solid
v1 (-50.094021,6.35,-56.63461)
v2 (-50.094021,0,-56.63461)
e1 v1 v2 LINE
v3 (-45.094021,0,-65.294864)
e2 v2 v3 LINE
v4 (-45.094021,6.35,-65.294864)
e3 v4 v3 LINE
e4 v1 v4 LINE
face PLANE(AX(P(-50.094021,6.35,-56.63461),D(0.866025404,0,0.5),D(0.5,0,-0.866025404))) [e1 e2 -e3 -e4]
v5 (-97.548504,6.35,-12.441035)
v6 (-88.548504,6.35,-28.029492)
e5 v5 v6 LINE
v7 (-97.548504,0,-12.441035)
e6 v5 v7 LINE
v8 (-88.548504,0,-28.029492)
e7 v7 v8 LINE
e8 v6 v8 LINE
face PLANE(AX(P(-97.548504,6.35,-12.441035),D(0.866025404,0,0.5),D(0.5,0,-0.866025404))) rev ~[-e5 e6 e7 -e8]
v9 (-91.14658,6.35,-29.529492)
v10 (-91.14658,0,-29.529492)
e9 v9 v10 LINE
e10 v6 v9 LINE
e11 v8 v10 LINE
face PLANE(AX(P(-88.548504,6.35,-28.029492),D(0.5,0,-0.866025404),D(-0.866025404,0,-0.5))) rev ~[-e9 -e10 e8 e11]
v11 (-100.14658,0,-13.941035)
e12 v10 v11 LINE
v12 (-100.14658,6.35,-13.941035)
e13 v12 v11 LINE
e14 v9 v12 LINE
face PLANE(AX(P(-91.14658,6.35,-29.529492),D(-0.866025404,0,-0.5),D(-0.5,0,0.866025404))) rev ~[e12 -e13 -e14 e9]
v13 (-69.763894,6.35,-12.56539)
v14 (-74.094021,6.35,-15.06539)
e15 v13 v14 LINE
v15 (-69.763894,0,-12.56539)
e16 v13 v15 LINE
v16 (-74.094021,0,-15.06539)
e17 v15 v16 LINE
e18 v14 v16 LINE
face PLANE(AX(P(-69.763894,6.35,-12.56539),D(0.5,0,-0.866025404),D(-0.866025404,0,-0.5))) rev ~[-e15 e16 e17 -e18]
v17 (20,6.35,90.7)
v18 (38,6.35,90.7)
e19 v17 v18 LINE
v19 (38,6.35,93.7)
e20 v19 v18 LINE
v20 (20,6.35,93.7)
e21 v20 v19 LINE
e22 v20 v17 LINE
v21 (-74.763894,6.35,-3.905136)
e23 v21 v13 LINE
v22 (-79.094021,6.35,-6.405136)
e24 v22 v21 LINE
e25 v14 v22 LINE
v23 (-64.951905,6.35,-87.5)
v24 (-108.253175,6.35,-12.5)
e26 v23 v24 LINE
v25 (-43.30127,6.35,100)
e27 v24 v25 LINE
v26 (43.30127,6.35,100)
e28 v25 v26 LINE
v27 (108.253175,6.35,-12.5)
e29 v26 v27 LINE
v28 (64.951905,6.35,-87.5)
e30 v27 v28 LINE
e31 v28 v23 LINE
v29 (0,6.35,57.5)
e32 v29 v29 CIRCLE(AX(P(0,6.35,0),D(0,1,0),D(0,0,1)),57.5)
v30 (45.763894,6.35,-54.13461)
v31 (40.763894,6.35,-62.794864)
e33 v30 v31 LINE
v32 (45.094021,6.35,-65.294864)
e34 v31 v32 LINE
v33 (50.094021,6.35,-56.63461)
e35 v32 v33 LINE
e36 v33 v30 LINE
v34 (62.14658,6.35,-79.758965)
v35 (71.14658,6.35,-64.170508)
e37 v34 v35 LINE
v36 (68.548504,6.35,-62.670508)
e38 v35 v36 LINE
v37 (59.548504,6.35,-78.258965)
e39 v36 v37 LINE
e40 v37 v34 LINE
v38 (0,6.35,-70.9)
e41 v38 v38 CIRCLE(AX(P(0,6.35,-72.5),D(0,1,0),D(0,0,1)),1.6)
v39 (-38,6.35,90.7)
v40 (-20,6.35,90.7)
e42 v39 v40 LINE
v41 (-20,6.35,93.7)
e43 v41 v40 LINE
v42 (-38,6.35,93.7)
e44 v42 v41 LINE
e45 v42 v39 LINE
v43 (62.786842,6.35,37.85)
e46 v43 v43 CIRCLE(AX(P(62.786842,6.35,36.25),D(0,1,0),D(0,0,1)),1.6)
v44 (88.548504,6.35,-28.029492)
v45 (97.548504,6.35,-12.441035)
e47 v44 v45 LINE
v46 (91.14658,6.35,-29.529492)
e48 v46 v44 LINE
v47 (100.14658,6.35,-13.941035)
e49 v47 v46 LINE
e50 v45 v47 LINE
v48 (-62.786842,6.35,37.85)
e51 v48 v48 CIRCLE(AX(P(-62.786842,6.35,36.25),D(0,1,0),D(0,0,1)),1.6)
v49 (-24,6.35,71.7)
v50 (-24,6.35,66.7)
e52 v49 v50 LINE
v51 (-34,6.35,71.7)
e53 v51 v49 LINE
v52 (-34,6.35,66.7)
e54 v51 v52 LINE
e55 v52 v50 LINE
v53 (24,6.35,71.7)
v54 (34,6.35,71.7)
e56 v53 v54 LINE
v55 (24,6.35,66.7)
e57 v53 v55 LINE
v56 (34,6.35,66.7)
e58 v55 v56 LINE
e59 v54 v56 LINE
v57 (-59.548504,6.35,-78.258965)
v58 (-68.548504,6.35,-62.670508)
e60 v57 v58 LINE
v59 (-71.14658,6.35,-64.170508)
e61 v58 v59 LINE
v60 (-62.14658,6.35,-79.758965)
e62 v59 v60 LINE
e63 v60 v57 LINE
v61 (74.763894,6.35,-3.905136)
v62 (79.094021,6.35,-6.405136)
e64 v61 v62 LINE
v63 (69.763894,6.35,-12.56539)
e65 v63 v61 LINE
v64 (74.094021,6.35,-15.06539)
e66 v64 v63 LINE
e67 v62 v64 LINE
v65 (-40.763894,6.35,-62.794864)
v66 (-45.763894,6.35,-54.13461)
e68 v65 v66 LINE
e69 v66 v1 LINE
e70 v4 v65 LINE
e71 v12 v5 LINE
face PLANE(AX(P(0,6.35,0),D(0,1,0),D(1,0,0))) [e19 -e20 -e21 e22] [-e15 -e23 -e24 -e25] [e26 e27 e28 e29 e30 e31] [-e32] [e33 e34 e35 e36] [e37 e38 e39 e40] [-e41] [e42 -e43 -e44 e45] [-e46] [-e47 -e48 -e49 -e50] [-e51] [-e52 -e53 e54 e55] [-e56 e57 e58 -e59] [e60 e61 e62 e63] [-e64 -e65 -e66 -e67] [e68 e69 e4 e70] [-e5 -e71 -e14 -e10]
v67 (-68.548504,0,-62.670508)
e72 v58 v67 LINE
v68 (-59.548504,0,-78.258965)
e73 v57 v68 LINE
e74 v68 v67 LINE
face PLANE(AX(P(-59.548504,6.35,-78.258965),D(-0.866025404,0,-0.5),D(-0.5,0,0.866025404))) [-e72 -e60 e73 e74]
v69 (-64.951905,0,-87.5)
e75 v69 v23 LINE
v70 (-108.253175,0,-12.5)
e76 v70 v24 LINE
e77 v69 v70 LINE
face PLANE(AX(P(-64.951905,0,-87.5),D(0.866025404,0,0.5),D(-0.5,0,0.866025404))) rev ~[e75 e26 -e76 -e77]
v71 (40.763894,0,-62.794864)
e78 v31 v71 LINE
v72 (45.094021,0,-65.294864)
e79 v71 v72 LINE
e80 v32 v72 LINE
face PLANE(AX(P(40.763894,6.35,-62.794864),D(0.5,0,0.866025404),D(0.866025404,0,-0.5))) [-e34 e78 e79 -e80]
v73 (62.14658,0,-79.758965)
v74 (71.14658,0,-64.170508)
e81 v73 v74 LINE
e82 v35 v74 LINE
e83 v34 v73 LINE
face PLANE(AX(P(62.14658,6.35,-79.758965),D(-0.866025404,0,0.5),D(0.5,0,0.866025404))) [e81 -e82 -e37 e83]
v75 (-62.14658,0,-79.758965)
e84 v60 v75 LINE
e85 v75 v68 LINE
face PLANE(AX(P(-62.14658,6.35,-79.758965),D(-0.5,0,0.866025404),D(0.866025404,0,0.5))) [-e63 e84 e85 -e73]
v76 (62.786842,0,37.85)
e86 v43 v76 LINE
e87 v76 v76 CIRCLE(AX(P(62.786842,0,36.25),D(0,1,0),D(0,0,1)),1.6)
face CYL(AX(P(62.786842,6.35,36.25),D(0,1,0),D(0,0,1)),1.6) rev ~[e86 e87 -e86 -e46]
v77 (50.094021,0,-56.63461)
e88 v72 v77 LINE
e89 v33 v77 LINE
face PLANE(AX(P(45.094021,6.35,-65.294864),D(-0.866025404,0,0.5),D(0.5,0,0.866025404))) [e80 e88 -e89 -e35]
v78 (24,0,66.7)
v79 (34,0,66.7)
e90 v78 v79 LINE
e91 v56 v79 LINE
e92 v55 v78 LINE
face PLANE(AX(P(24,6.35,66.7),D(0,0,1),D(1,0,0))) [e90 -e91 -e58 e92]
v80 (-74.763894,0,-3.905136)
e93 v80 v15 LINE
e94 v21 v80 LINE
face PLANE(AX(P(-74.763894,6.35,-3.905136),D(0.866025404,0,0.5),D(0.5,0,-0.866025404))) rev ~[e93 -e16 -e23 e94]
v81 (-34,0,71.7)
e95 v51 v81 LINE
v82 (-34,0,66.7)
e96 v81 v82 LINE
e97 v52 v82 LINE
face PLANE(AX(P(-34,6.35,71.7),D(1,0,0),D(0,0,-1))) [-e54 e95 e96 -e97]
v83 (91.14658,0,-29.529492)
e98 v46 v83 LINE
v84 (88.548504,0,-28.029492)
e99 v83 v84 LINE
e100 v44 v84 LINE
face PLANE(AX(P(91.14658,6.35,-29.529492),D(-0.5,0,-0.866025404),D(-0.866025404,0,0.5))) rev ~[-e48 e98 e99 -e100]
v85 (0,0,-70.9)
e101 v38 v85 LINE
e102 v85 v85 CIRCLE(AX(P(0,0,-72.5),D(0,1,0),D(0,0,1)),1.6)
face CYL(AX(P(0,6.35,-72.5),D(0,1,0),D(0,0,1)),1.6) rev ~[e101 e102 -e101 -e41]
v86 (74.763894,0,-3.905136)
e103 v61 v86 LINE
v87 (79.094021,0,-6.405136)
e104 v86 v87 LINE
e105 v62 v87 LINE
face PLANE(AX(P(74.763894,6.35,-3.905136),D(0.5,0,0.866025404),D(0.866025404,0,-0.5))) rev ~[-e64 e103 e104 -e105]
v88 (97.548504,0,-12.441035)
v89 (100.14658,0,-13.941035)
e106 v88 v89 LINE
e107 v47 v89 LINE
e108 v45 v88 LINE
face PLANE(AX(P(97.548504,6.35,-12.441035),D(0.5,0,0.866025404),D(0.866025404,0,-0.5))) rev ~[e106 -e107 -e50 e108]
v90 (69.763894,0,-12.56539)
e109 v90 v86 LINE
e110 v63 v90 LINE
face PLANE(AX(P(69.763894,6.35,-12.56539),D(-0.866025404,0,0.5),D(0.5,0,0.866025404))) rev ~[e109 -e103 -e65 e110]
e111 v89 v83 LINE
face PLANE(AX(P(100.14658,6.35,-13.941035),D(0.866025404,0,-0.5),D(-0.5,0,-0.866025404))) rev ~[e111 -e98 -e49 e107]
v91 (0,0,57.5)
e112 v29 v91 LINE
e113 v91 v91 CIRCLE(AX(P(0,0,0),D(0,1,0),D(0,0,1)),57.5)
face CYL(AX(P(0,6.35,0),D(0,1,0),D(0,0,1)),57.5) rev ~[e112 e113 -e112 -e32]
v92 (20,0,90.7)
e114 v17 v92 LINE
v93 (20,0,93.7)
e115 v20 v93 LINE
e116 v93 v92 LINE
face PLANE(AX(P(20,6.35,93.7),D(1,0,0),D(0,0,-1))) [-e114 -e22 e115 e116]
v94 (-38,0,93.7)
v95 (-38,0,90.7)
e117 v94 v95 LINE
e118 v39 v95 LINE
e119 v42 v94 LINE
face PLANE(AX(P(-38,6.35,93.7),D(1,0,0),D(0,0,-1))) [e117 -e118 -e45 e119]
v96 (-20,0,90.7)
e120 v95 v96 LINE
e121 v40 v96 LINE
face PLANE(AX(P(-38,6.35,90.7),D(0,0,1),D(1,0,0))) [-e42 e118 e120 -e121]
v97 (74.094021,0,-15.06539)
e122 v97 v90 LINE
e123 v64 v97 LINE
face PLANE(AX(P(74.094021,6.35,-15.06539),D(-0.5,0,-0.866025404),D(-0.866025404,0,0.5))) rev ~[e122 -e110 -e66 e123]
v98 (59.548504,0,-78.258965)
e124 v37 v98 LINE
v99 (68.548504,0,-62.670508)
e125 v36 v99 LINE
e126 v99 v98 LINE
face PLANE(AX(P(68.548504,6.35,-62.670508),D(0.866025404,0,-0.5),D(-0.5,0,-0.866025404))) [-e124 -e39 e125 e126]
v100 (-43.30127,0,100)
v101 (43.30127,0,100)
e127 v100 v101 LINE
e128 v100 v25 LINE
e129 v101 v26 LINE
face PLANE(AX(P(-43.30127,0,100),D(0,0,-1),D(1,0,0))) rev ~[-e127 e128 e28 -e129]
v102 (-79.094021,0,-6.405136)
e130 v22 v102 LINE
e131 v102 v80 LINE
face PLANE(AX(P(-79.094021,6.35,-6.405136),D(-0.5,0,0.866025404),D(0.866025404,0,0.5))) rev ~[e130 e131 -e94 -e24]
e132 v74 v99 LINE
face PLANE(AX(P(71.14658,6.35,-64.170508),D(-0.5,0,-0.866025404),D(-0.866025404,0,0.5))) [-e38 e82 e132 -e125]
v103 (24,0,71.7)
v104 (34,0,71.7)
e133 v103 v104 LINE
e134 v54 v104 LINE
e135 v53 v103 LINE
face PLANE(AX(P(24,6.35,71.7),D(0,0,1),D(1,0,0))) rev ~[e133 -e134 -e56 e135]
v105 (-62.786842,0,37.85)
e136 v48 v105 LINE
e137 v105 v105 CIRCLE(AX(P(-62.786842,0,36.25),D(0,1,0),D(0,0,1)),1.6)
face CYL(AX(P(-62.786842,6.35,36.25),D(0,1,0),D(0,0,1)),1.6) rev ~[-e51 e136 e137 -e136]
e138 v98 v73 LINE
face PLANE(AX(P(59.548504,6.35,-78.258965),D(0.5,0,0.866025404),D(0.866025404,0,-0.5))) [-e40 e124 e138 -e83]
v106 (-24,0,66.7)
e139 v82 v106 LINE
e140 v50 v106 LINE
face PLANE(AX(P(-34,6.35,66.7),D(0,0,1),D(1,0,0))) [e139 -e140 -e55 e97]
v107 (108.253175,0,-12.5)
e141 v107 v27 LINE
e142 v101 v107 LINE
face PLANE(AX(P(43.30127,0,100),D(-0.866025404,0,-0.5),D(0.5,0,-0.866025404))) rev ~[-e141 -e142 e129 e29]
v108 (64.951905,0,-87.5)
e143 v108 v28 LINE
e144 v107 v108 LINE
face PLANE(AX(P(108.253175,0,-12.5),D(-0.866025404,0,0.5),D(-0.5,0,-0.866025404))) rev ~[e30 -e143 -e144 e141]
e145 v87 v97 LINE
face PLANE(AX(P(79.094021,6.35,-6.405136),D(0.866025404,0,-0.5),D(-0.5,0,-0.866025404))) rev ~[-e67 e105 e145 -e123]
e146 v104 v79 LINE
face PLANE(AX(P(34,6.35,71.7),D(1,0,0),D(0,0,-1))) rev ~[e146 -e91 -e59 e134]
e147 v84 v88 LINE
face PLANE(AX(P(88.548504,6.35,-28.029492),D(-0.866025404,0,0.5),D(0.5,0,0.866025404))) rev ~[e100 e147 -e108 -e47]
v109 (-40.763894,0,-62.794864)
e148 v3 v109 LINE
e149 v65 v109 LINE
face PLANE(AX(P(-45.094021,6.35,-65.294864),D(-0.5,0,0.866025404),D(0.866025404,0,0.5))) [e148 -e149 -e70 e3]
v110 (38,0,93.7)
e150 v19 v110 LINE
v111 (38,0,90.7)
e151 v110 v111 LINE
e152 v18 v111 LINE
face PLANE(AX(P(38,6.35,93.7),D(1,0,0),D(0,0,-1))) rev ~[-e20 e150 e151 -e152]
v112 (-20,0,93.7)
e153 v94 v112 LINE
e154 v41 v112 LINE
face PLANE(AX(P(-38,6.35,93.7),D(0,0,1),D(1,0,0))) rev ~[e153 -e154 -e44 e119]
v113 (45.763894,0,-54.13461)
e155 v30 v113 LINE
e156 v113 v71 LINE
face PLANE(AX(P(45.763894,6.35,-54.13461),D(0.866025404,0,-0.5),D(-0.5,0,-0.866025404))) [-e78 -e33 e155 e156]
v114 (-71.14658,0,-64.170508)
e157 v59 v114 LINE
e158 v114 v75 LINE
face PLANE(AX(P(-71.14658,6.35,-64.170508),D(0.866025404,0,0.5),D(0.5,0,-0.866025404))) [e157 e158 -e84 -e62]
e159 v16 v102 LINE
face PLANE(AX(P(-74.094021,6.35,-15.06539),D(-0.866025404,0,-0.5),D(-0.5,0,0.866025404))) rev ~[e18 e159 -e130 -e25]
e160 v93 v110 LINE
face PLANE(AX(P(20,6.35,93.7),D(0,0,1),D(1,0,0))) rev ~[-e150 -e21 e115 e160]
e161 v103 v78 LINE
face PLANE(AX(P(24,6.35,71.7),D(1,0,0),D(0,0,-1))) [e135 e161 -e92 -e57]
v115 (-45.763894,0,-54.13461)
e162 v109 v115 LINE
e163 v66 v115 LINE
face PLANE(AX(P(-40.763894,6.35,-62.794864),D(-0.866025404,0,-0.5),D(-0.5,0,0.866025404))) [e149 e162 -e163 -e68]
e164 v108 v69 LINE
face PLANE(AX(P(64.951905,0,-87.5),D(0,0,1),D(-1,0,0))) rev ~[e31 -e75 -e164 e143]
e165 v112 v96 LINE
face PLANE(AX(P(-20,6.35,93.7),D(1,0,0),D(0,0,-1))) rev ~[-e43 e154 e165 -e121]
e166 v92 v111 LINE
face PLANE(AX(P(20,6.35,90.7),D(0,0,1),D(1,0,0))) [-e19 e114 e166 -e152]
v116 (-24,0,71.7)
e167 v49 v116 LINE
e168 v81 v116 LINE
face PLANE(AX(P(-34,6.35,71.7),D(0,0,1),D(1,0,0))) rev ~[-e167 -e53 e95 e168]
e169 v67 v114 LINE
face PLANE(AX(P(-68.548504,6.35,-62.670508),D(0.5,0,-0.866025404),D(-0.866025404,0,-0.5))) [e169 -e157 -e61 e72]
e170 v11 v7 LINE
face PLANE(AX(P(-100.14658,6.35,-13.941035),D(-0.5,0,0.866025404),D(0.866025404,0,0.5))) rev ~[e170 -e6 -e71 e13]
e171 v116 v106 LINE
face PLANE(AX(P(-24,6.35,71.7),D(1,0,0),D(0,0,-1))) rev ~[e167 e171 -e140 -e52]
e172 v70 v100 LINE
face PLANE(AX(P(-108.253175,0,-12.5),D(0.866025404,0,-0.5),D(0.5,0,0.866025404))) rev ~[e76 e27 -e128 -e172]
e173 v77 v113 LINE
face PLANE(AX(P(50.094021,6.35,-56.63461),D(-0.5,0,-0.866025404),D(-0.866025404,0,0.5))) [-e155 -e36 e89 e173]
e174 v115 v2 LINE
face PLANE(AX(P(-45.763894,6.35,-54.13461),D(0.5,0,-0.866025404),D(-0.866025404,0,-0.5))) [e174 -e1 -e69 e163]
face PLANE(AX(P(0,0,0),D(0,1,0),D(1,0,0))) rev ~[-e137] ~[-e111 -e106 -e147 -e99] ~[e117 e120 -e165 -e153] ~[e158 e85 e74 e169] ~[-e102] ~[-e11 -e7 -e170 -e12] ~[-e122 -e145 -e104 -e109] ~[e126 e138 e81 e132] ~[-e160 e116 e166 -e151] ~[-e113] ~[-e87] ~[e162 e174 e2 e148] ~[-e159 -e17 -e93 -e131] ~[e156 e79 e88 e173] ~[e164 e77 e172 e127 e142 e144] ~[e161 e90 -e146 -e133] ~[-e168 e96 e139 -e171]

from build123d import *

# Parameters (mm, degrees)
BOSS_EXTRUDE1_DEPTH = 6.35
SKETCH2_W           = 18
SKETCH2_H           = 3
SKETCH2_W_2         = 10
SKETCH2_H_2         = 5
CUT_EXTRUDE1_DEPTH  = 148.509567486
SKETCH4_R           = 57.5
CUT_EXTRUDE2_DEPTH  = 148.509567486
SKETCH5_R           = 1.6
CUT_EXTRUDE3_DEPTH  = 148.509567486


with BuildPart() as part:
    # Sketch1 → Boss-Extrude1 (new body)
    with BuildSketch(Plane(origin=(0, 0, 0), x_dir=(1, 0, 0), z_dir=(0, 1, 0))):
        Polygon((64.951905284, 87.5), (-64.951905284, 87.5), (-108.253175473, 12.5), (-43.301270189, -100), (43.301270189, -100), (108.253175473, 12.5), align=None)
    extrude(amount=BOSS_EXTRUDE1_DEPTH)

    # Sketch2 → Cut-Extrude1 (cut, through all)
    with BuildSketch(Plane(origin=(0, 6.35, 0), x_dir=(1, 0, 0), z_dir=(0, 1, 0))):
        with Locations((-29, -92.2)):
            Rectangle(SKETCH2_W, SKETCH2_H)
        with Locations((29, -92.2)):
            Rectangle(SKETCH2_W, SKETCH2_H)
        Polygon((-62.146580335, 79.758965344), (-59.548504123, 78.258965344), (-68.548504123, 62.670508076), (-71.146580335, 64.170508076), align=None)
        Polygon((-97.548504123, 12.441034656), (-88.548504123, 28.029491924), (-91.146580335, 29.529491924), (-100.146580335, 13.941034656), align=None)
        Polygon((100.146580335, 13.941034656), (91.146580335, 29.529491924), (88.548504123, 28.029491924), (97.548504123, 12.441034656), align=None)
        Polygon((59.548504123, 78.258965344), (62.146580335, 79.758965344), (71.146580335, 64.170508076), (68.548504123, 62.670508076), align=None)
        with Locations((-29, -69.2)):
            Rectangle(SKETCH2_W_2, SKETCH2_H_2)
        with Locations((29, -69.2)):
            Rectangle(SKETCH2_W_2, SKETCH2_H_2)
        Polygon((79.094021451, 6.405136271), (74.094021451, 15.065390309), (69.763894432, 12.565390309), (74.763894432, 3.905136271), align=None)
        Polygon((40.763894432, 62.794863729), (45.094021451, 65.294863729), (50.094021451, 56.634609691), (45.763894432, 54.134609691), align=None)
        Polygon((-74.763894432, 3.905136271), (-69.763894432, 12.565390309), (-74.094021451, 15.065390309), (-79.094021451, 6.405136271), align=None)
        Polygon((-45.094021451, 65.294863729), (-40.763894432, 62.794863729), (-45.763894432, 54.134609691), (-50.094021451, 56.634609691), align=None)
    extrude(amount=-CUT_EXTRUDE1_DEPTH, mode=Mode.SUBTRACT)

    # Sketch4 → Cut-Extrude2 (cut, through all)
    with BuildSketch(Plane(origin=(0, 6.35, 0), x_dir=(1, 0, 0), z_dir=(0, 1, 0))):
        Circle(SKETCH4_R)
    extrude(amount=-CUT_EXTRUDE2_DEPTH, mode=Mode.SUBTRACT)

    # Sketch5 → Cut-Extrude3 (cut, through all)
    with BuildSketch(Plane(origin=(0, 6.35, 0), x_dir=(1, 0, 0), z_dir=(0, 1, 0))):
        with Locations((0, 72.5)):
            Circle(SKETCH5_R)
        with Locations((-62.786841774, -36.25)):
            Circle(SKETCH5_R)
        with Locations((62.786841774, -36.25)):
            Circle(SKETCH5_R)
    extrude(amount=-CUT_EXTRUDE3_DEPTH, mode=Mode.SUBTRACT)


solid = part.part
